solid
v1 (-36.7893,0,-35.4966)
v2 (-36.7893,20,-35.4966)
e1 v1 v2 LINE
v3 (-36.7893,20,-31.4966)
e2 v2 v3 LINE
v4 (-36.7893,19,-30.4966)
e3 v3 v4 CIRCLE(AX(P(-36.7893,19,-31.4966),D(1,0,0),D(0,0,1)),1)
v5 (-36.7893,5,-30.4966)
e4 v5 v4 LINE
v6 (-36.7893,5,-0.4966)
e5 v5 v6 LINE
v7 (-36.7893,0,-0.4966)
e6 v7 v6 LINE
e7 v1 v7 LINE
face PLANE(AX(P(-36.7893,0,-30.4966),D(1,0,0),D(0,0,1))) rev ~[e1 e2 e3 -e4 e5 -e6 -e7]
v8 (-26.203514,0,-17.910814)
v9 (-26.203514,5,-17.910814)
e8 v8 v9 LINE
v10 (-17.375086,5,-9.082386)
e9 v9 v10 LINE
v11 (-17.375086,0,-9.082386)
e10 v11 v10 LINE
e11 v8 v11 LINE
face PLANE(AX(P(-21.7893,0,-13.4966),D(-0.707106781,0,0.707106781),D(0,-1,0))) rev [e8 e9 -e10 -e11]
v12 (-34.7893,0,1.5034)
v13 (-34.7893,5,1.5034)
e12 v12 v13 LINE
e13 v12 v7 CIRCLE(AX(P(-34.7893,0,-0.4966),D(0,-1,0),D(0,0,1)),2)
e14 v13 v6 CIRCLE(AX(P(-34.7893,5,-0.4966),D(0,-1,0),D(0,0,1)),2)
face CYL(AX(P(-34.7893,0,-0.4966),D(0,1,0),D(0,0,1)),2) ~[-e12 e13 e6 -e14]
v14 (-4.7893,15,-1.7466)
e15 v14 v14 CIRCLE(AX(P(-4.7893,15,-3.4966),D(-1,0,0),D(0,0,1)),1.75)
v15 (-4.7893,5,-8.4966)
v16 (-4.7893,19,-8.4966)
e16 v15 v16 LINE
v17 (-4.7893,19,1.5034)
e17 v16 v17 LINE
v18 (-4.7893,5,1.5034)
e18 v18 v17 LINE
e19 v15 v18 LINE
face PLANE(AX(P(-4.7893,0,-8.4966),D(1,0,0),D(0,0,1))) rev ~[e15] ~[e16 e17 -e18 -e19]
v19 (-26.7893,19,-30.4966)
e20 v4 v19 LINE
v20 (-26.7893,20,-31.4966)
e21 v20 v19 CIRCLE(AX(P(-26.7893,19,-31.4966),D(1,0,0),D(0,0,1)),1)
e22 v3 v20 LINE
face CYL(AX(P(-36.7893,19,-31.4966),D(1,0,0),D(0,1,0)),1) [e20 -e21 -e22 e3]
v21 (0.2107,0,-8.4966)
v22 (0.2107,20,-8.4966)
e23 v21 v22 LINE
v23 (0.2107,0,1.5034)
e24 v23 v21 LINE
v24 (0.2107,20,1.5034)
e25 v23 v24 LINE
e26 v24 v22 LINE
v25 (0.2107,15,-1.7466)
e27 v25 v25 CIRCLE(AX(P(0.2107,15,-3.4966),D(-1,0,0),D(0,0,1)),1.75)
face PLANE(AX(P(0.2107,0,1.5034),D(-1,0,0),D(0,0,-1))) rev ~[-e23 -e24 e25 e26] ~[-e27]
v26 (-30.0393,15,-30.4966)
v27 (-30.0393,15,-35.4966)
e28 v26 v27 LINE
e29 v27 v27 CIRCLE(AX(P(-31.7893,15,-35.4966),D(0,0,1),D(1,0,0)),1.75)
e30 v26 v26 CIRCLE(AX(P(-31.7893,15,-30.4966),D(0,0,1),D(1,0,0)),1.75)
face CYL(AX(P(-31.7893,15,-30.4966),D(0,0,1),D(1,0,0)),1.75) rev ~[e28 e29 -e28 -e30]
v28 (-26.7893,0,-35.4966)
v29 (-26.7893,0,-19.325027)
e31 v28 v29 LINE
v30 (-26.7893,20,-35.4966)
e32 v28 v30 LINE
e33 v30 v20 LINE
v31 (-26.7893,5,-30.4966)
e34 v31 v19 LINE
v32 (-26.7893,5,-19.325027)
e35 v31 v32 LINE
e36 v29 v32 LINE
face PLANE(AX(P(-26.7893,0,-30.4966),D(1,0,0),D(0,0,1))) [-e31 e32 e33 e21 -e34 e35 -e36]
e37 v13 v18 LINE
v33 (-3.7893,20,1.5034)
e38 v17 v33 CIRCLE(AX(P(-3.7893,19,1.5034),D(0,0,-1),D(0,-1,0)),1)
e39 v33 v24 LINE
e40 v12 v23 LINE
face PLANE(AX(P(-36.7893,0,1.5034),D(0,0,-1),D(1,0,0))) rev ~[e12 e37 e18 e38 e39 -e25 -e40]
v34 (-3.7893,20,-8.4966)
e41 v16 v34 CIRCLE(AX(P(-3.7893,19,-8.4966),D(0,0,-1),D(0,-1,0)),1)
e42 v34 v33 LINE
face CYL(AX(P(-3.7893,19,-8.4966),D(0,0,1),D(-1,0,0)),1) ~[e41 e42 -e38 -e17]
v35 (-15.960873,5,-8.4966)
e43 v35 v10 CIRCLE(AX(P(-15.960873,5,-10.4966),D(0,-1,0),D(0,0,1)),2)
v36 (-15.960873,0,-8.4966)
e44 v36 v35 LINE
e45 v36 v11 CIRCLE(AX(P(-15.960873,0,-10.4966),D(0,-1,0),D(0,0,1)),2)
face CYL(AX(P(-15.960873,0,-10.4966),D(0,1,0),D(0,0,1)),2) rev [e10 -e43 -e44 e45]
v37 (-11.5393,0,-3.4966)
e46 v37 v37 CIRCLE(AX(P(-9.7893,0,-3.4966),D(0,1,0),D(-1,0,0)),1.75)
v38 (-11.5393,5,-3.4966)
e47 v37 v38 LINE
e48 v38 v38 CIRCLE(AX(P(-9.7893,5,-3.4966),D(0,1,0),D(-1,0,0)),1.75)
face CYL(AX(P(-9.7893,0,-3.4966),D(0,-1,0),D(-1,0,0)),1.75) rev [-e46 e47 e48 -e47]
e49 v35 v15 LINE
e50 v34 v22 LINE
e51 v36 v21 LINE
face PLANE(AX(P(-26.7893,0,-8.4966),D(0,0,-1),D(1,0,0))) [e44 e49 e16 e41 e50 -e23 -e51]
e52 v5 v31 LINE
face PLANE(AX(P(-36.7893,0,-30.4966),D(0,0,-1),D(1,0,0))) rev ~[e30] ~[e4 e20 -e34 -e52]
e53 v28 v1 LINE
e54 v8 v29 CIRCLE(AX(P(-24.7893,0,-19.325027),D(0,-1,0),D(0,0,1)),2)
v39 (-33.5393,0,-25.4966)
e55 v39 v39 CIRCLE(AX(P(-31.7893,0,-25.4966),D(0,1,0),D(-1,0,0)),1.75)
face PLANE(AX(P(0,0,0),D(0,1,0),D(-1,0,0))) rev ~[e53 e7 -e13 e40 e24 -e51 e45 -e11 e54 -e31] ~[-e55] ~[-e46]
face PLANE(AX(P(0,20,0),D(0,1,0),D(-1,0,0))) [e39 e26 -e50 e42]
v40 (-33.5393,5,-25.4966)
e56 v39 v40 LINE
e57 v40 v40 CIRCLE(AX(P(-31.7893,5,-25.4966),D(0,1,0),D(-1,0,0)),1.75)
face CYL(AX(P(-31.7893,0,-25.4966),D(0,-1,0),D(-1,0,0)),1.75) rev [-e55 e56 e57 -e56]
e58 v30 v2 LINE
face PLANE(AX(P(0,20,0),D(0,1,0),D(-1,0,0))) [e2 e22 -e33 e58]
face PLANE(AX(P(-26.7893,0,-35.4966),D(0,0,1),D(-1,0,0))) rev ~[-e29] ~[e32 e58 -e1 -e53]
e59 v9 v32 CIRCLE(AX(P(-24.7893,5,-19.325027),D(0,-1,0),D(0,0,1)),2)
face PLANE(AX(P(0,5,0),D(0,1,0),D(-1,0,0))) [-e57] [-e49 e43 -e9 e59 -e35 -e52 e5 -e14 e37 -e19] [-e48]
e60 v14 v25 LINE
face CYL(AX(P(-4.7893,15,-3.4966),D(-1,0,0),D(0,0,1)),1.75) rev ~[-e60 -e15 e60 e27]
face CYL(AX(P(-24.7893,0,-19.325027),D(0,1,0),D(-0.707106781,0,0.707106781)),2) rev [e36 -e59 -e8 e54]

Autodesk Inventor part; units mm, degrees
ref_plane "YZ Plane" through (0, 0, 0) normal (1, 0, 0) x (0, 1, 0)
ref_plane "XZ Plane" through (0, 0, 0) normal (0, 1, 0) x (-1, 0, 0)
ref_plane "XY Plane" through (0, 0, 0) normal (0, 0, 1) x (1, 0, 0)
sketch "스케치1" plane through (0, 0, 0) normal (0, 1, 0) x (-1, 0, 0)
  circle A0 centre (9.7893, -3.4966) radius 1.75
  circle A1 centre (31.7893, -25.4966) radius 1.75
  line L0 (36.7893, 1.5034) -> (-0.2107, 1.5034)
  line L1 (-0.2107, 1.5034) -> (-0.2107, -8.4966)
  line L2 (26.7893, -35.4966) -> (36.7893, -35.4966)
  line L3 (36.7893, -35.4966) -> (36.7893, 1.5034)
  line L4 (26.7893, -8.4966) -> (-0.2107, -8.4966)
  line L5 (26.7893, -35.4966) -> (26.7893, -8.4966)
  line L6 (26.7893, -35.4966) -> (36.7893, -35.4966)
  line L7 (36.7893, -35.4966) -> (36.7893, -30.4966)
  line L8 (36.7893, -30.4966) -> (26.7893, -30.4966)
  line L9 (26.7893, -30.4966) -> (26.7893, -35.4966)
  line L10 (-0.2107, -8.4966) -> (4.7893, -8.4966)
  line L11 (4.7893, -8.4966) -> (4.7893, 1.5034)
  line L12 (4.7893, 1.5034) -> (-0.2107, 1.5034)
  line L13 (-0.2107, 1.5034) -> (-0.2107, -8.4966)
  point P0 (0, 0)
  dimension "d0" = 3.5
  dimension "d1" = 3.5
  dimension "d2" = 10
  dimension "d3" = 10
  dimension "d4" = 5
  dimension "d5" = 5
  dimension "d6" = 5
  dimension "d7" = 5
  dimension "d8" = 22
  dimension "d9" = 22
  dimension "d10" = 5
  dimension "d11" = 5
extrude "돌출1" add sketch "스케치1" along normal blind 5 contours L3 L8 L5 L4 L11 L0
extrude "돌출2" add sketch "스케치1" along normal blind 20 contours L11 L4 L1 L0 | L3 L2 L5 L8
chamfer "모따기1" distance 10 angle 45 1 edges at (-26.7893, 2.5, -8.4966)
fillet "모깎기1" radius 2 3 edges at (-36.7893, 2.5, 1.5034) (-16.7893, 2.5, -8.4966) (-26.7893, 2.5, -18.4966)
sketch "스케치2" plane through (-4.7893, 5, 1.5034) normal (-1, 0, 0) x (0, 0, 1)
  circle A0 centre (-5, 10) radius 1.75
  line L0 (0, 0) -> (0, 15) projected
  line L1 (-10, 15) -> (0, 15) projected
  point P0 (-1.5034, -5)
  dimension "d20" = 3.5
  dimension "d21" = 5
  dimension "d22" = 5
extrude "돌출3" cut sketch "스케치2" against normal blind 20
sketch "스케치3" plane through (-36.7893, 5, -30.4966) normal (0, 0, 1) x (1, 0, 0)
  circle A0 centre (5, 10) radius 1.75
  line L0 (10, 0) -> (10, 15) projected
  line L1 (0, 15) -> (10, 15) projected
  point P0 (36.7893, -5)
  dimension "d25" = 3.5
  dimension "d26" = 5
  dimension "d27" = 5
extrude "돌출4" cut sketch "스케치3" against normal blind 20
fillet "모깎기2" radius 1 2 edges at (-31.7893, 20, -30.4966) (-4.7893, 20, -3.4966)
equation "\"d1\" = d0"
equation "\"d3\" = d2"
equation "\"d5\" = d4"
equation "\"d6\" = d4"
equation "\"d7\" = d6"
equation "\"d27\" = d26"
properties part number "B8-BR-case-bracket"
